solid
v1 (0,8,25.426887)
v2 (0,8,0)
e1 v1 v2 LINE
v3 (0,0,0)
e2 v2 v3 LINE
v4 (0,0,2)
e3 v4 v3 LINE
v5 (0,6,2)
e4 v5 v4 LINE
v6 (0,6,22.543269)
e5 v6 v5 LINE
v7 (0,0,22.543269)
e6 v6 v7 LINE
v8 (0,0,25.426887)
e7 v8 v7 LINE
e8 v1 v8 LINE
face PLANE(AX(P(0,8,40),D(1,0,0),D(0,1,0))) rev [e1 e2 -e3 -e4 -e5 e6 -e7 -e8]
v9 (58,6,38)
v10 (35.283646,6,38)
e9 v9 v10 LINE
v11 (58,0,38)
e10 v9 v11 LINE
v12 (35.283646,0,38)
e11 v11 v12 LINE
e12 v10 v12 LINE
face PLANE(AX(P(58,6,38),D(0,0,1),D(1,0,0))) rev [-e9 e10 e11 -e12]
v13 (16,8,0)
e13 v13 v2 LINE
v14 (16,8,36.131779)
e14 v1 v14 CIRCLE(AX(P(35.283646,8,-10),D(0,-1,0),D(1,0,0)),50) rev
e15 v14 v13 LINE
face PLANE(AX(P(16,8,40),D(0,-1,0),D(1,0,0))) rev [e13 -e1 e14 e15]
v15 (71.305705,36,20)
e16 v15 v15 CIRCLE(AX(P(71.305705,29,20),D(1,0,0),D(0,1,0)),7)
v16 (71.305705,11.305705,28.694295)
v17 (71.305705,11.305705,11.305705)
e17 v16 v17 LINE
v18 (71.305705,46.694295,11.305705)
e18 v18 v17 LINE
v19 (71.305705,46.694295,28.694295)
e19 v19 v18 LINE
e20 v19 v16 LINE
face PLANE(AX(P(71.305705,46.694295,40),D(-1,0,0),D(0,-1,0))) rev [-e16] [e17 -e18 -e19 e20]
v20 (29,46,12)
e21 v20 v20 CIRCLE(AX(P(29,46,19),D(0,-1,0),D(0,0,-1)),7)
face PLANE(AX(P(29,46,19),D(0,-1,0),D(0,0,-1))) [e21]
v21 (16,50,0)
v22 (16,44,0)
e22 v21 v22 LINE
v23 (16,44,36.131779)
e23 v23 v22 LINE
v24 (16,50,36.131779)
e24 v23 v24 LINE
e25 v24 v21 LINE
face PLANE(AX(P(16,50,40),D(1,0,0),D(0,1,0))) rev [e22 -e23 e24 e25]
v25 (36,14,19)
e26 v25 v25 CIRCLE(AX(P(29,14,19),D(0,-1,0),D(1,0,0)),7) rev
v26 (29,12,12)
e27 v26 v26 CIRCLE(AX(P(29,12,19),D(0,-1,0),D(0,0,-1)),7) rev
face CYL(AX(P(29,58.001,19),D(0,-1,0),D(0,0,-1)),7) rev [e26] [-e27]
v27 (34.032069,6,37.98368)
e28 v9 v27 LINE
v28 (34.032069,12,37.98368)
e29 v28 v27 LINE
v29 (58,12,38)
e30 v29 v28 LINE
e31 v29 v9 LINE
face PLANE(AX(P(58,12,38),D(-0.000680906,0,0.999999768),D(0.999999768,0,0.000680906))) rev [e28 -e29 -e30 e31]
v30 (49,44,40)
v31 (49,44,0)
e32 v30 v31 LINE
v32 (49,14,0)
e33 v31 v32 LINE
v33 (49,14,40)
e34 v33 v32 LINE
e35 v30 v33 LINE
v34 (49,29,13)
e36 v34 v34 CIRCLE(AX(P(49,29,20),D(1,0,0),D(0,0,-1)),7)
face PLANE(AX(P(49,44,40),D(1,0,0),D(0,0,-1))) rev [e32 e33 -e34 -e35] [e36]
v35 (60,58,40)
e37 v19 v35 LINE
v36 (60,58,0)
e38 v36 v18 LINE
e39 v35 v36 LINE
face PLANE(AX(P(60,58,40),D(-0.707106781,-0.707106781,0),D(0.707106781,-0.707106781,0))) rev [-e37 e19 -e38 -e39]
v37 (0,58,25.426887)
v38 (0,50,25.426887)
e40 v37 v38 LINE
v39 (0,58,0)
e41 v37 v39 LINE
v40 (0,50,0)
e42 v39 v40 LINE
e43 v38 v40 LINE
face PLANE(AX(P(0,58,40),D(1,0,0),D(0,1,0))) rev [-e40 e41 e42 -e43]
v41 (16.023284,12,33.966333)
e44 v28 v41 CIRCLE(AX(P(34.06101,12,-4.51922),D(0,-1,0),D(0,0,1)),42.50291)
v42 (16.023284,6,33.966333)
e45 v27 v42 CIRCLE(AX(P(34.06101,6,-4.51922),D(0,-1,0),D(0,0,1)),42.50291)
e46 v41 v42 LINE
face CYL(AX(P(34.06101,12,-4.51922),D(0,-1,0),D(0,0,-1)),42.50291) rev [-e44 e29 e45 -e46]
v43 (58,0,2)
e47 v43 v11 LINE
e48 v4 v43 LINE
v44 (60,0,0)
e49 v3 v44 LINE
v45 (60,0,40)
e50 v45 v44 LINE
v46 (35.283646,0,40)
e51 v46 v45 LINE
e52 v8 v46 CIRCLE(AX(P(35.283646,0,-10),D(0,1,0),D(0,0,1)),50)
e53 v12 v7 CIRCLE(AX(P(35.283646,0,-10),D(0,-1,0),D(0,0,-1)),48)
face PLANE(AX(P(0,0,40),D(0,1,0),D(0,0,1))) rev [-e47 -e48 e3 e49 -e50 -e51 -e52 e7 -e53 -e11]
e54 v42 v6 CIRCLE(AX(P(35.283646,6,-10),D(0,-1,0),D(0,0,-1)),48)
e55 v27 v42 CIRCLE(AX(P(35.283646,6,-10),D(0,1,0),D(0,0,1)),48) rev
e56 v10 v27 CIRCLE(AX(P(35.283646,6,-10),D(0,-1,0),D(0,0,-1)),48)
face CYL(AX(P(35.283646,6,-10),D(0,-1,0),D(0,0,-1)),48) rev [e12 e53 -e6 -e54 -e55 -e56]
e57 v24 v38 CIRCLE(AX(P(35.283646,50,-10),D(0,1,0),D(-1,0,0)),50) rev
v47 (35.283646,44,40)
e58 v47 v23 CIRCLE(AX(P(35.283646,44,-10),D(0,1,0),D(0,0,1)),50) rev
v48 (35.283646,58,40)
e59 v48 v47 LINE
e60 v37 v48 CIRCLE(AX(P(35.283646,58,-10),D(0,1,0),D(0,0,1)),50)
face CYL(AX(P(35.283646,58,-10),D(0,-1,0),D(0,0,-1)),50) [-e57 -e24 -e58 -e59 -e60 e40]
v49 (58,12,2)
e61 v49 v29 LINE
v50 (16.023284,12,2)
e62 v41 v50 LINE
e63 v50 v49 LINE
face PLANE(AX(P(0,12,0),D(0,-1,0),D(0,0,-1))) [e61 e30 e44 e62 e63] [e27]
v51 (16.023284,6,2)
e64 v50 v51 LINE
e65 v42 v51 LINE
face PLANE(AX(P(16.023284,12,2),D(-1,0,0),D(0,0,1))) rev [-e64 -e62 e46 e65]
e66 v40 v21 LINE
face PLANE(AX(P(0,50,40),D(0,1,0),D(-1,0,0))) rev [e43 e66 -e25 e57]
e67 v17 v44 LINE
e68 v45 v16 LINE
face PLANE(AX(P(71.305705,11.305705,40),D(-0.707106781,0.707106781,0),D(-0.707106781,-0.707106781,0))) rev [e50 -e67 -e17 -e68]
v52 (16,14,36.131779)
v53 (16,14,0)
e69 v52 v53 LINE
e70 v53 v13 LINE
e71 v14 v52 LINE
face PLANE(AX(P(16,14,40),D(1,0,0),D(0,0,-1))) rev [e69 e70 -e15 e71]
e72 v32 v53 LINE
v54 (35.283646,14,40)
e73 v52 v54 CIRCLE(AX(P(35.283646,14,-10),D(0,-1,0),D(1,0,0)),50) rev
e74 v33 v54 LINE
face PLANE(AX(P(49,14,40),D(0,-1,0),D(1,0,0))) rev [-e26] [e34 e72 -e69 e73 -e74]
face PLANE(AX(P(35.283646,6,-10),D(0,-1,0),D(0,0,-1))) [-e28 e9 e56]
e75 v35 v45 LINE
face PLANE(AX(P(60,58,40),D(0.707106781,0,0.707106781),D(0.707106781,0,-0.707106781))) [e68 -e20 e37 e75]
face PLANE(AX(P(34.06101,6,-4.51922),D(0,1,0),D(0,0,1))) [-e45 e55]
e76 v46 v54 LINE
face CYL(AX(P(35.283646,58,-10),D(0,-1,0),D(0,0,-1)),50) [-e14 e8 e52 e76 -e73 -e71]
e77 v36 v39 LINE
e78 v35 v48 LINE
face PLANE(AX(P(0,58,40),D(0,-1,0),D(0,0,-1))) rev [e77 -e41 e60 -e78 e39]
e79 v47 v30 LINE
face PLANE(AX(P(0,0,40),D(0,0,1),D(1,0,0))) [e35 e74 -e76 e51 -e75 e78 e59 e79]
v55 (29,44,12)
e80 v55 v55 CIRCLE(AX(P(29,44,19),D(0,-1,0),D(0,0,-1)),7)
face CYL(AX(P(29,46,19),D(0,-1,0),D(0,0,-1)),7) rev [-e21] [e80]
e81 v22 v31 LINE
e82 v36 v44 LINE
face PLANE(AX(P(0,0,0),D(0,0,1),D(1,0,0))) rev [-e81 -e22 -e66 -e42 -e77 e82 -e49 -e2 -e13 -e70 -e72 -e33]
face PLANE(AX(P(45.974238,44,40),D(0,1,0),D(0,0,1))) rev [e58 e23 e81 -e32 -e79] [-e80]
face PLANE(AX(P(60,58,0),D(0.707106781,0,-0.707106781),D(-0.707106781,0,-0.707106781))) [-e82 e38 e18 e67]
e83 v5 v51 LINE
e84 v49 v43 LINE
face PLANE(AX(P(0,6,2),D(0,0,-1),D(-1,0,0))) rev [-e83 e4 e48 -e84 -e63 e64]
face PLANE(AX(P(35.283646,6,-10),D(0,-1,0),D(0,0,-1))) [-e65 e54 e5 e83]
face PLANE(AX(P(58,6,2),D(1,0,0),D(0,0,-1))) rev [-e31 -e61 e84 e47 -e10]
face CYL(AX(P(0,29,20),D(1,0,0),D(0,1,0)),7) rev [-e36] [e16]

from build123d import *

# Parameters (mm, degrees)
BOSS_EXTRUDE1_DEPTH = 40
CUT_EXTRUDE2_DEPTH  = 101.242224803
CUT_EXTRUDE3_DEPTH  = 101.242224803
SKETCH14_R          = 7
CUT_EXTRUDE4_DEPTH  = 101.242224803
CUT_EXTRUDE5_REACH  = 102.242
SKETCH15_R          = 7
SKETCH16_R          = 7
CUT_EXTRUDE6_DEPTH  = 2
CUT_EXTRUDE9_DEPTH  = 6
SKETCH22_W          = 41.976716328
SKETCH22_H          = 31.966333102
CUT_EXTRUDE11_DEPTH = 6
CUT_EXTRUDE12_DEPTH = 6


with BuildPart() as part:
    # Sketch2 → Boss-Extrude1 (new body)
    with BuildSketch(Plane.XY):
        Polygon((60, 58), (71.305705476, 46.694294524), (71.305705476, 11.305705476), (60, 0), (0, 0), (0, 8), (16, 8), (16, 14), (49, 14), (49, 44), (45.974238177, 44), (16, 44), (16, 50), (0, 50), (0, 58), align=None)
    extrude(amount=BOSS_EXTRUDE1_DEPTH)

    # Sketch4 → Cut-Extrude2 (cut, through all)
    with BuildSketch(Plane.XZ):
        with BuildLine():
            Line((0, 25.426887123), (0, 40))
            Line((0, 40), (35.283645911, 40))
            ThreePointArc((35.283645911, 40), (16.196272547, 36.213333337), (0, 25.426887123))
        make_face()
    extrude(amount=-CUT_EXTRUDE2_DEPTH, mode=Mode.SUBTRACT)

    # Sketch12 → Cut-Extrude3 (cut, through all)
    with BuildSketch(Plane(origin=(0, 0, 0), x_dir=(1, 0, 0), z_dir=(0, 1, 0))):
        Polygon((60, 0), (71.305705476, -11.305705476), (71.305705476, 0), align=None)
        Polygon((60, -40), (71.305705476, -28.694294524), (71.305705476, -40), align=None)
    extrude(amount=CUT_EXTRUDE3_DEPTH, mode=Mode.SUBTRACT)

    # Sketch14 → Cut-Extrude4 (cut, through all)
    with BuildSketch(Plane(origin=(71.305705476, 0, 0), x_dir=(0, 0, -1), z_dir=(1, 0, 0))):
        with Locations(Location((-20, 29, 0), (0, 0, 90))):
            Circle(SKETCH14_R)
    extrude(amount=-CUT_EXTRUDE4_DEPTH, mode=Mode.SUBTRACT)

    # Sketch15 → Cut-Extrude5 (cut, up to next)
    with BuildSketch(Plane.XZ, mode=Mode.PRIVATE) as cut_extrude5_sk1:
        with Locations(Location((29, 19, 0), (0, 0, 270))):
            Circle(SKETCH15_R)
    cut_extrude5_tool1 = extrude(cut_extrude5_sk1.sketch, amount=-CUT_EXTRUDE5_REACH, mode=Mode.PRIVATE) & part.part
    add(cut_extrude5_tool1.solids().sort_by_distance((29, 0, 19))[0], mode=Mode.SUBTRACT)

    # Sketch16 → Cut-Extrude6 (cut)
    with BuildSketch(Plane.XZ.offset(-44)):
        with Locations(Location((29, 19, 0), (0, 0, 270))):
            Circle(SKETCH16_R)
    extrude(amount=-CUT_EXTRUDE6_DEPTH, mode=Mode.SUBTRACT)

    # Sketch21 → Cut-Extrude9 (cut)
    with BuildSketch(Plane.XZ):
        with BuildLine():
            Line((0, 22.543268601), (0, 2))
            Line((0, 2), (58, 2))
            Line((58, 2), (58, 38))
            Line((58, 38), (35.283645911, 38))
            ThreePointArc((35.283645911, 38), (16.023283672, 33.966333102), (0, 22.543268601))
        make_face()
    extrude(amount=-CUT_EXTRUDE9_DEPTH, mode=Mode.SUBTRACT)

    # Sketch22 → Cut-Extrude11 (cut)
    with BuildSketch(Plane.XZ.offset(-6)):
        with Locations((37.011641836, 17.983166551)):
            Rectangle(SKETCH22_W, SKETCH22_H)
    extrude(amount=-CUT_EXTRUDE11_DEPTH, mode=Mode.SUBTRACT)

    # Sketch23 → Cut-Extrude12 (cut)
    with BuildSketch(Plane.XZ.offset(-6)):
        with BuildLine():
            Line((16.023283672, 33.966333102), (58, 33.966333102))
            Line((58, 33.966333102), (58, 38))
            Line((58, 38), (34.032069155, 37.983680097))
            ThreePointArc((34.032069155, 37.983680097), (24.80704409, 36.964047425), (16.023283672, 33.966333102))
        make_face()
    extrude(amount=-CUT_EXTRUDE12_DEPTH, mode=Mode.SUBTRACT)


solid = part.part
